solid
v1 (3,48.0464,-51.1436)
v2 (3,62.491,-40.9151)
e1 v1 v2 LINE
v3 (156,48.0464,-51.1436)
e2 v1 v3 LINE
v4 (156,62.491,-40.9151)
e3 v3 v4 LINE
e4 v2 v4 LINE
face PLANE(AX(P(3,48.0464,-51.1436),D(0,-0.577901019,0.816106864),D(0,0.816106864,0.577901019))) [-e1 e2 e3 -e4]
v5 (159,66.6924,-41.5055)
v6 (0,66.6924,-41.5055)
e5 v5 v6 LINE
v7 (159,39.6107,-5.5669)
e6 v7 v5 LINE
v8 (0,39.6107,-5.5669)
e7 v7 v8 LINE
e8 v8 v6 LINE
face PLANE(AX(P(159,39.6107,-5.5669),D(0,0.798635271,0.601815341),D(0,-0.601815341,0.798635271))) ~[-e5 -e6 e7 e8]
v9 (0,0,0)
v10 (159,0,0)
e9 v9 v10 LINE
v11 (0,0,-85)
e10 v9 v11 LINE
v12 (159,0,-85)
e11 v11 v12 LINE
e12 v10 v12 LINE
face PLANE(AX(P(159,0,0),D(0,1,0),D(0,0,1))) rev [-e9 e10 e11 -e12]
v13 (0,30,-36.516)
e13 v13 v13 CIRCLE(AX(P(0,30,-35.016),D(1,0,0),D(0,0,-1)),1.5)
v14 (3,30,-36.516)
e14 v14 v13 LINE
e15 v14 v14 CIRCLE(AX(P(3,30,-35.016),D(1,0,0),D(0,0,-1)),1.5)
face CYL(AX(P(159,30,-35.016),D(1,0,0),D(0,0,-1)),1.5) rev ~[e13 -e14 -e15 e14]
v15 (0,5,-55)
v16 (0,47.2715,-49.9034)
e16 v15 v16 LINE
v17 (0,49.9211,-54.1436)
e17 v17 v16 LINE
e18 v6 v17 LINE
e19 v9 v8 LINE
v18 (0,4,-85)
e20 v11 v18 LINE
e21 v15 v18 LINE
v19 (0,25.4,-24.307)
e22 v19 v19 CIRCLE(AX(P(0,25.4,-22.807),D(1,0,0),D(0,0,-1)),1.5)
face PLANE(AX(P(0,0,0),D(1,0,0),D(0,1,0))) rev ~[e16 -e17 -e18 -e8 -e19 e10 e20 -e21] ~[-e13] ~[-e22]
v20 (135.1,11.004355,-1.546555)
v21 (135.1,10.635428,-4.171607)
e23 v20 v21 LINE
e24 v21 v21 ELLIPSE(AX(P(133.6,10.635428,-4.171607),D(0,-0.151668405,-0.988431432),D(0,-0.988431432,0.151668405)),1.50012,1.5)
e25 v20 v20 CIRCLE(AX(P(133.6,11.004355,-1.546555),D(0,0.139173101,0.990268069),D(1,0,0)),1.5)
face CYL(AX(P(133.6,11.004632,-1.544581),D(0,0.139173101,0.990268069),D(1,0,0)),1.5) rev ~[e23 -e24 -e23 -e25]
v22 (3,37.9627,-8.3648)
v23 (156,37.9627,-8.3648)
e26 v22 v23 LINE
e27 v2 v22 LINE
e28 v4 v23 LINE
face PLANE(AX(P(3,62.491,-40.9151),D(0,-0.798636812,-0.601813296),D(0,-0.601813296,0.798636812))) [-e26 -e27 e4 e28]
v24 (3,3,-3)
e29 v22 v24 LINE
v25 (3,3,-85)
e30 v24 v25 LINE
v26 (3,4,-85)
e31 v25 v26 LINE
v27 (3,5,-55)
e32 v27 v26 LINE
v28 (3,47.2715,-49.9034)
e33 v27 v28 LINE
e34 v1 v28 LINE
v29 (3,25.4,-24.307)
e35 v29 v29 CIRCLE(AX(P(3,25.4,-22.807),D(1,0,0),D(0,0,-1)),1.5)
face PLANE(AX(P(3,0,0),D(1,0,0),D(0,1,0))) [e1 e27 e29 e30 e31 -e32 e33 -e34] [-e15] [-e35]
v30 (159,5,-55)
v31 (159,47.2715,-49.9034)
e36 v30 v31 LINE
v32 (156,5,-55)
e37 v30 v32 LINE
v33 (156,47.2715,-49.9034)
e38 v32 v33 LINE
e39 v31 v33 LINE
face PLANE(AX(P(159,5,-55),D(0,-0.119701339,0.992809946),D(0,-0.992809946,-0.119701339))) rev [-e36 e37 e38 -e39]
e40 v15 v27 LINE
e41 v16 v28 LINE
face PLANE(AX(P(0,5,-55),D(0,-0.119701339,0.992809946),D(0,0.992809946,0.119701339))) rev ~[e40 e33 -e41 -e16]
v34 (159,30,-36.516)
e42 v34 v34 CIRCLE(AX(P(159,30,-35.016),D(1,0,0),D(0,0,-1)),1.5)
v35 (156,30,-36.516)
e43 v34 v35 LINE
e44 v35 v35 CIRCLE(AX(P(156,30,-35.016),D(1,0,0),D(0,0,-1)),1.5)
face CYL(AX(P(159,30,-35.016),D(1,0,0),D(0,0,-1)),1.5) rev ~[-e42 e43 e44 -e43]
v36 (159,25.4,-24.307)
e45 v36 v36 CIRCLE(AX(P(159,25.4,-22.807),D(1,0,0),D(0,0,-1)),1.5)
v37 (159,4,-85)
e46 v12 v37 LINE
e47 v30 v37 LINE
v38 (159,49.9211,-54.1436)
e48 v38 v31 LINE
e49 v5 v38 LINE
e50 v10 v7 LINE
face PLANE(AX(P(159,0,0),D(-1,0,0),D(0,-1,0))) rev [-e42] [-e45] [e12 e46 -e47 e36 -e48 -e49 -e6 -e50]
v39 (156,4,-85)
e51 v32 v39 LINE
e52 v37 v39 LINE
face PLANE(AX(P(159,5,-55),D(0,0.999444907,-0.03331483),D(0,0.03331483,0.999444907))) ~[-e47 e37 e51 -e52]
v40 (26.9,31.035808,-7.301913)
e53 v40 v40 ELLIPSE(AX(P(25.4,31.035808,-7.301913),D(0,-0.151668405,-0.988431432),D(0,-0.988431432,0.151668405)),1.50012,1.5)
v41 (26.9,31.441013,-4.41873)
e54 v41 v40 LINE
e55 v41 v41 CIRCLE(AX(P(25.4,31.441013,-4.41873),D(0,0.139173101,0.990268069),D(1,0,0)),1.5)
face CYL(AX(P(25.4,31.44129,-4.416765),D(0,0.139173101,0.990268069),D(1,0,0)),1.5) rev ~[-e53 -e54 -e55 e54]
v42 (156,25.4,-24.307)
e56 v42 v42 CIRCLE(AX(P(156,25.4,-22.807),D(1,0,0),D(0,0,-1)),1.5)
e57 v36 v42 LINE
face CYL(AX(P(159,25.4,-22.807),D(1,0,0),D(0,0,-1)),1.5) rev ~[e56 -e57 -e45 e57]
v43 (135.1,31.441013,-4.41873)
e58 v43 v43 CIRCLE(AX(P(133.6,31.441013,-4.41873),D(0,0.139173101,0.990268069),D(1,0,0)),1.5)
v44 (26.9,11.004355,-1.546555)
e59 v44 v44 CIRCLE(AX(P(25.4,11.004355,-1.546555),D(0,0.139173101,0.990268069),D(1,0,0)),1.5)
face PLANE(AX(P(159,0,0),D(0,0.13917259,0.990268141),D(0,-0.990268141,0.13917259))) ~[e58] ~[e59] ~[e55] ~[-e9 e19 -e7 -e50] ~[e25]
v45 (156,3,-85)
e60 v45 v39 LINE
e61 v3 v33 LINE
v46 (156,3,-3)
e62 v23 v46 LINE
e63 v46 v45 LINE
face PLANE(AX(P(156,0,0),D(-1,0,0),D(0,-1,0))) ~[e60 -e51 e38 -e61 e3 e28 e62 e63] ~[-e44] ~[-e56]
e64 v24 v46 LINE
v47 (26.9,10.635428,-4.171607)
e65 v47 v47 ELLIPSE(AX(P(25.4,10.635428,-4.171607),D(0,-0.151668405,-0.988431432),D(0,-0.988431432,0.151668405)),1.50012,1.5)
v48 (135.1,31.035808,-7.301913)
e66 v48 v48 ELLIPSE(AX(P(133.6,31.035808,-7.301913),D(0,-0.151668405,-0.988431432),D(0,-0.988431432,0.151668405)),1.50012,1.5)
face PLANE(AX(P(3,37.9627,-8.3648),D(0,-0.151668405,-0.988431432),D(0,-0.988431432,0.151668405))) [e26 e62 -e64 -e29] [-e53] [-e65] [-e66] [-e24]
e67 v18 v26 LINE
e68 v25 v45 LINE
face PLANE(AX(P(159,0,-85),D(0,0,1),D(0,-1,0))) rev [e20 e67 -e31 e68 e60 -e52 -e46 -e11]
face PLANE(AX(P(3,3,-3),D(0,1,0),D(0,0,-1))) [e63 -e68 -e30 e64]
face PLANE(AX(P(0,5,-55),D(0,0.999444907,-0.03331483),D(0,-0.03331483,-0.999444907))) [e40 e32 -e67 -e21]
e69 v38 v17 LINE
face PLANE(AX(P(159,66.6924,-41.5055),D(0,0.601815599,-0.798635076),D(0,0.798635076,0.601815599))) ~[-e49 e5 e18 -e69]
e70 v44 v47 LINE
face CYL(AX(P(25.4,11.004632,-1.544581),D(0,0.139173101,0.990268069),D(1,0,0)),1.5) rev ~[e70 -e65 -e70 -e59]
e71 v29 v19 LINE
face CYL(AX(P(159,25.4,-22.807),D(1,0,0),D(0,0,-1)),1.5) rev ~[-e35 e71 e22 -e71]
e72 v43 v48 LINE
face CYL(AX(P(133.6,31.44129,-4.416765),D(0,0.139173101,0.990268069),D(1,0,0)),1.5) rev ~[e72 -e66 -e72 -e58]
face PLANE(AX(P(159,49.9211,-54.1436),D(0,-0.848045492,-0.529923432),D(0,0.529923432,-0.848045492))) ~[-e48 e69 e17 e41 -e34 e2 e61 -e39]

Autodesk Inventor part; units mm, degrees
ref_plane "YZ Plane" through (0, 0, 0) normal (1, 0, 0) x (0, 1, 0)
ref_plane "XZ Plane" through (0, 0, 0) normal (0, 1, 0) x (-1, 0, 0)
sketch "Sketch1" plane through (0, 0, 0) normal (1, 0, 0) x (0, 1, 0)
  line L0 (0, 0) -> (0, -85)
  line L1 (0, 0) -> (39.6107, -5.5669)
  line L2 (0, 0) -> (40, 0) construction
  line L3 (39.6107, -5.5669) -> (66.6924, -41.5055)
  line L4 (66.6924, -41.5055) -> (49.9211, -54.1436)
  line L5 (49.9211, -54.1436) -> (47.2715, -49.9034)
  line L6 (0, -85) -> (4, -85)
  line L7 (5, -55) -> (4, -85)
  line L8 (5, -55) -> (47.2715, -49.9034)
  dimension "d0" = 85
  dimension "d1" = 40
  dimension "d2" = 8
  dimension "d3" = 45
  dimension "d4" = 135
  dimension "d5" = 21
  dimension "d6" = 5
  dimension "d7" = 85
  dimension "d12" = 4
  dimension "d13" = 5
  dimension "d50" = 30
extrude "Extrusion1" add sketch "Sketch1" along normal blind 3
sketch "Sketch2" plane through (3, 0, 0) normal (1, 0, 0) x (0, 0, -1)
  line L0 (0, 0) -> (85, 0) projected
  line L1 (85, 0) -> (85, 4) projected
  line L2 (85, 4) -> (55, 5) projected
  line L3 (49.9034, 47.2715) -> (54.1436, 49.9211) projected
  line L4 (54.1436, 49.9211) -> (41.5055, 66.6924) projected
  line L5 (41.5055, 66.6924) -> (5.5669, 39.6107) projected
  line L6 (5.5669, 39.6107) -> (0, 0) projected
  line L7 (49.9034, 47.2715) -> (54.1436, 49.9211) projected
  line L8 (51.1436, 48.0464) -> (40.9151, 62.491)
  line L9 (41.5055, 66.6924) -> (5.5669, 39.6107) projected
  line L10 (54.1436, 49.9211) -> (41.5055, 66.6924) projected
  line L11 (40.9151, 62.491) -> (8.3648, 37.9627)
  line L12 (8.3648, 37.9627) -> (3, 3)
  line L13 (5.5669, 39.6107) -> (0, 0) projected
  line L14 (3, 3) -> (85, 3)
  line L15 (85, 0) -> (85, 4) projected
  line L16 (85, 3) -> (85, 0)
  line L17 (0, 0) -> (85, 0) projected
  line L18 (85, 0) -> (0, 0)
  line L19 (0, 0) -> (5.5669, 39.6107)
  line L20 (5.5669, 39.6107) -> (41.5055, 66.6924)
  line L21 (41.5055, 66.6924) -> (54.1436, 49.9211)
  line L22 (54.1436, 49.9211) -> (51.1436, 48.0464)
  line L23 (55, 5) -> (49.9034, 47.2715) projected
  dimension "d14" = 3
  dimension "d15" = 3
  dimension "d16" = 3
  dimension "d17" = 3
  dimension "d18" = 3
  dimension "d21" = 3
  dimension "d22" = 3
  dimension "d23" = 3
extrude "Extrusion2" add sketch "Sketch2" along normal blind 153 contours L6 L5 L4 L3 L8 L11 L12 L14 L1 L0
ref_plane "Work Plane1" through (79.5, 0, 0) normal (1, 0, 0) x (0, 0, -1)
mirror "Mirror1" about plane through (79.5, 0, 0) normal (1, 0, 0) of "Extrusion1"
sketch "Sketch3" plane through (159, 0, -85) normal (1, 0, 0) x (0, 0, -1)
  line L0 (-85, 0) -> (0, 0) projected
  line L1 (-79.4331, 39.6107) -> (-85, 0) projected
  circle A0 centre (-62.193, 25.4) radius 1.5
  circle A1 centre (-49.984, 30) radius 1.5
  dimension "d28" = 25.4
  dimension "d29" = 30
  dimension "d31" = 19.05
  dimension "d32" = 30.5
  dimension "d33" = 3
  dimension "d34" = 3
extrude "Extrusion3" cut sketch "Sketch3" against normal blind 200
sketch "Sketch4" plane through (0, 0, 0) normal (0, 0.1392, 0.9903) x (1, 0, 0)
  line L0 (0, 0) -> (159, 0) projected
  line L1 (0, 40) -> (0, 0) projected
  line L2 (159, 40) -> (159, 0) projected
  circle A0 centre (25.4, 31.75) radius 1.5
  circle A1 centre (25.4, 11.1125) radius 1.5
  circle A2 centre (133.6, 31.75) radius 1.5
  circle A3 centre (133.6, 11.1125) radius 1.5
  dimension "d37" = 11.1125
  dimension "d38" = 31.75
  dimension "d39" = 25.4
  dimension "d40" = 31.75
  dimension "d41" = 11.1125
  dimension "d42" = 25.4
  dimension "d43" = 3
  dimension "d44" = 3
  dimension "d45" = 3
  dimension "d46" = 3
extrude "Extrusion4" cut sketch "Sketch4" against normal blind 10
equation "\"d40\" = d38"
equation "\"d41\" = d37"
equation "\"d42\" = d39"
properties part number "plowV4"
